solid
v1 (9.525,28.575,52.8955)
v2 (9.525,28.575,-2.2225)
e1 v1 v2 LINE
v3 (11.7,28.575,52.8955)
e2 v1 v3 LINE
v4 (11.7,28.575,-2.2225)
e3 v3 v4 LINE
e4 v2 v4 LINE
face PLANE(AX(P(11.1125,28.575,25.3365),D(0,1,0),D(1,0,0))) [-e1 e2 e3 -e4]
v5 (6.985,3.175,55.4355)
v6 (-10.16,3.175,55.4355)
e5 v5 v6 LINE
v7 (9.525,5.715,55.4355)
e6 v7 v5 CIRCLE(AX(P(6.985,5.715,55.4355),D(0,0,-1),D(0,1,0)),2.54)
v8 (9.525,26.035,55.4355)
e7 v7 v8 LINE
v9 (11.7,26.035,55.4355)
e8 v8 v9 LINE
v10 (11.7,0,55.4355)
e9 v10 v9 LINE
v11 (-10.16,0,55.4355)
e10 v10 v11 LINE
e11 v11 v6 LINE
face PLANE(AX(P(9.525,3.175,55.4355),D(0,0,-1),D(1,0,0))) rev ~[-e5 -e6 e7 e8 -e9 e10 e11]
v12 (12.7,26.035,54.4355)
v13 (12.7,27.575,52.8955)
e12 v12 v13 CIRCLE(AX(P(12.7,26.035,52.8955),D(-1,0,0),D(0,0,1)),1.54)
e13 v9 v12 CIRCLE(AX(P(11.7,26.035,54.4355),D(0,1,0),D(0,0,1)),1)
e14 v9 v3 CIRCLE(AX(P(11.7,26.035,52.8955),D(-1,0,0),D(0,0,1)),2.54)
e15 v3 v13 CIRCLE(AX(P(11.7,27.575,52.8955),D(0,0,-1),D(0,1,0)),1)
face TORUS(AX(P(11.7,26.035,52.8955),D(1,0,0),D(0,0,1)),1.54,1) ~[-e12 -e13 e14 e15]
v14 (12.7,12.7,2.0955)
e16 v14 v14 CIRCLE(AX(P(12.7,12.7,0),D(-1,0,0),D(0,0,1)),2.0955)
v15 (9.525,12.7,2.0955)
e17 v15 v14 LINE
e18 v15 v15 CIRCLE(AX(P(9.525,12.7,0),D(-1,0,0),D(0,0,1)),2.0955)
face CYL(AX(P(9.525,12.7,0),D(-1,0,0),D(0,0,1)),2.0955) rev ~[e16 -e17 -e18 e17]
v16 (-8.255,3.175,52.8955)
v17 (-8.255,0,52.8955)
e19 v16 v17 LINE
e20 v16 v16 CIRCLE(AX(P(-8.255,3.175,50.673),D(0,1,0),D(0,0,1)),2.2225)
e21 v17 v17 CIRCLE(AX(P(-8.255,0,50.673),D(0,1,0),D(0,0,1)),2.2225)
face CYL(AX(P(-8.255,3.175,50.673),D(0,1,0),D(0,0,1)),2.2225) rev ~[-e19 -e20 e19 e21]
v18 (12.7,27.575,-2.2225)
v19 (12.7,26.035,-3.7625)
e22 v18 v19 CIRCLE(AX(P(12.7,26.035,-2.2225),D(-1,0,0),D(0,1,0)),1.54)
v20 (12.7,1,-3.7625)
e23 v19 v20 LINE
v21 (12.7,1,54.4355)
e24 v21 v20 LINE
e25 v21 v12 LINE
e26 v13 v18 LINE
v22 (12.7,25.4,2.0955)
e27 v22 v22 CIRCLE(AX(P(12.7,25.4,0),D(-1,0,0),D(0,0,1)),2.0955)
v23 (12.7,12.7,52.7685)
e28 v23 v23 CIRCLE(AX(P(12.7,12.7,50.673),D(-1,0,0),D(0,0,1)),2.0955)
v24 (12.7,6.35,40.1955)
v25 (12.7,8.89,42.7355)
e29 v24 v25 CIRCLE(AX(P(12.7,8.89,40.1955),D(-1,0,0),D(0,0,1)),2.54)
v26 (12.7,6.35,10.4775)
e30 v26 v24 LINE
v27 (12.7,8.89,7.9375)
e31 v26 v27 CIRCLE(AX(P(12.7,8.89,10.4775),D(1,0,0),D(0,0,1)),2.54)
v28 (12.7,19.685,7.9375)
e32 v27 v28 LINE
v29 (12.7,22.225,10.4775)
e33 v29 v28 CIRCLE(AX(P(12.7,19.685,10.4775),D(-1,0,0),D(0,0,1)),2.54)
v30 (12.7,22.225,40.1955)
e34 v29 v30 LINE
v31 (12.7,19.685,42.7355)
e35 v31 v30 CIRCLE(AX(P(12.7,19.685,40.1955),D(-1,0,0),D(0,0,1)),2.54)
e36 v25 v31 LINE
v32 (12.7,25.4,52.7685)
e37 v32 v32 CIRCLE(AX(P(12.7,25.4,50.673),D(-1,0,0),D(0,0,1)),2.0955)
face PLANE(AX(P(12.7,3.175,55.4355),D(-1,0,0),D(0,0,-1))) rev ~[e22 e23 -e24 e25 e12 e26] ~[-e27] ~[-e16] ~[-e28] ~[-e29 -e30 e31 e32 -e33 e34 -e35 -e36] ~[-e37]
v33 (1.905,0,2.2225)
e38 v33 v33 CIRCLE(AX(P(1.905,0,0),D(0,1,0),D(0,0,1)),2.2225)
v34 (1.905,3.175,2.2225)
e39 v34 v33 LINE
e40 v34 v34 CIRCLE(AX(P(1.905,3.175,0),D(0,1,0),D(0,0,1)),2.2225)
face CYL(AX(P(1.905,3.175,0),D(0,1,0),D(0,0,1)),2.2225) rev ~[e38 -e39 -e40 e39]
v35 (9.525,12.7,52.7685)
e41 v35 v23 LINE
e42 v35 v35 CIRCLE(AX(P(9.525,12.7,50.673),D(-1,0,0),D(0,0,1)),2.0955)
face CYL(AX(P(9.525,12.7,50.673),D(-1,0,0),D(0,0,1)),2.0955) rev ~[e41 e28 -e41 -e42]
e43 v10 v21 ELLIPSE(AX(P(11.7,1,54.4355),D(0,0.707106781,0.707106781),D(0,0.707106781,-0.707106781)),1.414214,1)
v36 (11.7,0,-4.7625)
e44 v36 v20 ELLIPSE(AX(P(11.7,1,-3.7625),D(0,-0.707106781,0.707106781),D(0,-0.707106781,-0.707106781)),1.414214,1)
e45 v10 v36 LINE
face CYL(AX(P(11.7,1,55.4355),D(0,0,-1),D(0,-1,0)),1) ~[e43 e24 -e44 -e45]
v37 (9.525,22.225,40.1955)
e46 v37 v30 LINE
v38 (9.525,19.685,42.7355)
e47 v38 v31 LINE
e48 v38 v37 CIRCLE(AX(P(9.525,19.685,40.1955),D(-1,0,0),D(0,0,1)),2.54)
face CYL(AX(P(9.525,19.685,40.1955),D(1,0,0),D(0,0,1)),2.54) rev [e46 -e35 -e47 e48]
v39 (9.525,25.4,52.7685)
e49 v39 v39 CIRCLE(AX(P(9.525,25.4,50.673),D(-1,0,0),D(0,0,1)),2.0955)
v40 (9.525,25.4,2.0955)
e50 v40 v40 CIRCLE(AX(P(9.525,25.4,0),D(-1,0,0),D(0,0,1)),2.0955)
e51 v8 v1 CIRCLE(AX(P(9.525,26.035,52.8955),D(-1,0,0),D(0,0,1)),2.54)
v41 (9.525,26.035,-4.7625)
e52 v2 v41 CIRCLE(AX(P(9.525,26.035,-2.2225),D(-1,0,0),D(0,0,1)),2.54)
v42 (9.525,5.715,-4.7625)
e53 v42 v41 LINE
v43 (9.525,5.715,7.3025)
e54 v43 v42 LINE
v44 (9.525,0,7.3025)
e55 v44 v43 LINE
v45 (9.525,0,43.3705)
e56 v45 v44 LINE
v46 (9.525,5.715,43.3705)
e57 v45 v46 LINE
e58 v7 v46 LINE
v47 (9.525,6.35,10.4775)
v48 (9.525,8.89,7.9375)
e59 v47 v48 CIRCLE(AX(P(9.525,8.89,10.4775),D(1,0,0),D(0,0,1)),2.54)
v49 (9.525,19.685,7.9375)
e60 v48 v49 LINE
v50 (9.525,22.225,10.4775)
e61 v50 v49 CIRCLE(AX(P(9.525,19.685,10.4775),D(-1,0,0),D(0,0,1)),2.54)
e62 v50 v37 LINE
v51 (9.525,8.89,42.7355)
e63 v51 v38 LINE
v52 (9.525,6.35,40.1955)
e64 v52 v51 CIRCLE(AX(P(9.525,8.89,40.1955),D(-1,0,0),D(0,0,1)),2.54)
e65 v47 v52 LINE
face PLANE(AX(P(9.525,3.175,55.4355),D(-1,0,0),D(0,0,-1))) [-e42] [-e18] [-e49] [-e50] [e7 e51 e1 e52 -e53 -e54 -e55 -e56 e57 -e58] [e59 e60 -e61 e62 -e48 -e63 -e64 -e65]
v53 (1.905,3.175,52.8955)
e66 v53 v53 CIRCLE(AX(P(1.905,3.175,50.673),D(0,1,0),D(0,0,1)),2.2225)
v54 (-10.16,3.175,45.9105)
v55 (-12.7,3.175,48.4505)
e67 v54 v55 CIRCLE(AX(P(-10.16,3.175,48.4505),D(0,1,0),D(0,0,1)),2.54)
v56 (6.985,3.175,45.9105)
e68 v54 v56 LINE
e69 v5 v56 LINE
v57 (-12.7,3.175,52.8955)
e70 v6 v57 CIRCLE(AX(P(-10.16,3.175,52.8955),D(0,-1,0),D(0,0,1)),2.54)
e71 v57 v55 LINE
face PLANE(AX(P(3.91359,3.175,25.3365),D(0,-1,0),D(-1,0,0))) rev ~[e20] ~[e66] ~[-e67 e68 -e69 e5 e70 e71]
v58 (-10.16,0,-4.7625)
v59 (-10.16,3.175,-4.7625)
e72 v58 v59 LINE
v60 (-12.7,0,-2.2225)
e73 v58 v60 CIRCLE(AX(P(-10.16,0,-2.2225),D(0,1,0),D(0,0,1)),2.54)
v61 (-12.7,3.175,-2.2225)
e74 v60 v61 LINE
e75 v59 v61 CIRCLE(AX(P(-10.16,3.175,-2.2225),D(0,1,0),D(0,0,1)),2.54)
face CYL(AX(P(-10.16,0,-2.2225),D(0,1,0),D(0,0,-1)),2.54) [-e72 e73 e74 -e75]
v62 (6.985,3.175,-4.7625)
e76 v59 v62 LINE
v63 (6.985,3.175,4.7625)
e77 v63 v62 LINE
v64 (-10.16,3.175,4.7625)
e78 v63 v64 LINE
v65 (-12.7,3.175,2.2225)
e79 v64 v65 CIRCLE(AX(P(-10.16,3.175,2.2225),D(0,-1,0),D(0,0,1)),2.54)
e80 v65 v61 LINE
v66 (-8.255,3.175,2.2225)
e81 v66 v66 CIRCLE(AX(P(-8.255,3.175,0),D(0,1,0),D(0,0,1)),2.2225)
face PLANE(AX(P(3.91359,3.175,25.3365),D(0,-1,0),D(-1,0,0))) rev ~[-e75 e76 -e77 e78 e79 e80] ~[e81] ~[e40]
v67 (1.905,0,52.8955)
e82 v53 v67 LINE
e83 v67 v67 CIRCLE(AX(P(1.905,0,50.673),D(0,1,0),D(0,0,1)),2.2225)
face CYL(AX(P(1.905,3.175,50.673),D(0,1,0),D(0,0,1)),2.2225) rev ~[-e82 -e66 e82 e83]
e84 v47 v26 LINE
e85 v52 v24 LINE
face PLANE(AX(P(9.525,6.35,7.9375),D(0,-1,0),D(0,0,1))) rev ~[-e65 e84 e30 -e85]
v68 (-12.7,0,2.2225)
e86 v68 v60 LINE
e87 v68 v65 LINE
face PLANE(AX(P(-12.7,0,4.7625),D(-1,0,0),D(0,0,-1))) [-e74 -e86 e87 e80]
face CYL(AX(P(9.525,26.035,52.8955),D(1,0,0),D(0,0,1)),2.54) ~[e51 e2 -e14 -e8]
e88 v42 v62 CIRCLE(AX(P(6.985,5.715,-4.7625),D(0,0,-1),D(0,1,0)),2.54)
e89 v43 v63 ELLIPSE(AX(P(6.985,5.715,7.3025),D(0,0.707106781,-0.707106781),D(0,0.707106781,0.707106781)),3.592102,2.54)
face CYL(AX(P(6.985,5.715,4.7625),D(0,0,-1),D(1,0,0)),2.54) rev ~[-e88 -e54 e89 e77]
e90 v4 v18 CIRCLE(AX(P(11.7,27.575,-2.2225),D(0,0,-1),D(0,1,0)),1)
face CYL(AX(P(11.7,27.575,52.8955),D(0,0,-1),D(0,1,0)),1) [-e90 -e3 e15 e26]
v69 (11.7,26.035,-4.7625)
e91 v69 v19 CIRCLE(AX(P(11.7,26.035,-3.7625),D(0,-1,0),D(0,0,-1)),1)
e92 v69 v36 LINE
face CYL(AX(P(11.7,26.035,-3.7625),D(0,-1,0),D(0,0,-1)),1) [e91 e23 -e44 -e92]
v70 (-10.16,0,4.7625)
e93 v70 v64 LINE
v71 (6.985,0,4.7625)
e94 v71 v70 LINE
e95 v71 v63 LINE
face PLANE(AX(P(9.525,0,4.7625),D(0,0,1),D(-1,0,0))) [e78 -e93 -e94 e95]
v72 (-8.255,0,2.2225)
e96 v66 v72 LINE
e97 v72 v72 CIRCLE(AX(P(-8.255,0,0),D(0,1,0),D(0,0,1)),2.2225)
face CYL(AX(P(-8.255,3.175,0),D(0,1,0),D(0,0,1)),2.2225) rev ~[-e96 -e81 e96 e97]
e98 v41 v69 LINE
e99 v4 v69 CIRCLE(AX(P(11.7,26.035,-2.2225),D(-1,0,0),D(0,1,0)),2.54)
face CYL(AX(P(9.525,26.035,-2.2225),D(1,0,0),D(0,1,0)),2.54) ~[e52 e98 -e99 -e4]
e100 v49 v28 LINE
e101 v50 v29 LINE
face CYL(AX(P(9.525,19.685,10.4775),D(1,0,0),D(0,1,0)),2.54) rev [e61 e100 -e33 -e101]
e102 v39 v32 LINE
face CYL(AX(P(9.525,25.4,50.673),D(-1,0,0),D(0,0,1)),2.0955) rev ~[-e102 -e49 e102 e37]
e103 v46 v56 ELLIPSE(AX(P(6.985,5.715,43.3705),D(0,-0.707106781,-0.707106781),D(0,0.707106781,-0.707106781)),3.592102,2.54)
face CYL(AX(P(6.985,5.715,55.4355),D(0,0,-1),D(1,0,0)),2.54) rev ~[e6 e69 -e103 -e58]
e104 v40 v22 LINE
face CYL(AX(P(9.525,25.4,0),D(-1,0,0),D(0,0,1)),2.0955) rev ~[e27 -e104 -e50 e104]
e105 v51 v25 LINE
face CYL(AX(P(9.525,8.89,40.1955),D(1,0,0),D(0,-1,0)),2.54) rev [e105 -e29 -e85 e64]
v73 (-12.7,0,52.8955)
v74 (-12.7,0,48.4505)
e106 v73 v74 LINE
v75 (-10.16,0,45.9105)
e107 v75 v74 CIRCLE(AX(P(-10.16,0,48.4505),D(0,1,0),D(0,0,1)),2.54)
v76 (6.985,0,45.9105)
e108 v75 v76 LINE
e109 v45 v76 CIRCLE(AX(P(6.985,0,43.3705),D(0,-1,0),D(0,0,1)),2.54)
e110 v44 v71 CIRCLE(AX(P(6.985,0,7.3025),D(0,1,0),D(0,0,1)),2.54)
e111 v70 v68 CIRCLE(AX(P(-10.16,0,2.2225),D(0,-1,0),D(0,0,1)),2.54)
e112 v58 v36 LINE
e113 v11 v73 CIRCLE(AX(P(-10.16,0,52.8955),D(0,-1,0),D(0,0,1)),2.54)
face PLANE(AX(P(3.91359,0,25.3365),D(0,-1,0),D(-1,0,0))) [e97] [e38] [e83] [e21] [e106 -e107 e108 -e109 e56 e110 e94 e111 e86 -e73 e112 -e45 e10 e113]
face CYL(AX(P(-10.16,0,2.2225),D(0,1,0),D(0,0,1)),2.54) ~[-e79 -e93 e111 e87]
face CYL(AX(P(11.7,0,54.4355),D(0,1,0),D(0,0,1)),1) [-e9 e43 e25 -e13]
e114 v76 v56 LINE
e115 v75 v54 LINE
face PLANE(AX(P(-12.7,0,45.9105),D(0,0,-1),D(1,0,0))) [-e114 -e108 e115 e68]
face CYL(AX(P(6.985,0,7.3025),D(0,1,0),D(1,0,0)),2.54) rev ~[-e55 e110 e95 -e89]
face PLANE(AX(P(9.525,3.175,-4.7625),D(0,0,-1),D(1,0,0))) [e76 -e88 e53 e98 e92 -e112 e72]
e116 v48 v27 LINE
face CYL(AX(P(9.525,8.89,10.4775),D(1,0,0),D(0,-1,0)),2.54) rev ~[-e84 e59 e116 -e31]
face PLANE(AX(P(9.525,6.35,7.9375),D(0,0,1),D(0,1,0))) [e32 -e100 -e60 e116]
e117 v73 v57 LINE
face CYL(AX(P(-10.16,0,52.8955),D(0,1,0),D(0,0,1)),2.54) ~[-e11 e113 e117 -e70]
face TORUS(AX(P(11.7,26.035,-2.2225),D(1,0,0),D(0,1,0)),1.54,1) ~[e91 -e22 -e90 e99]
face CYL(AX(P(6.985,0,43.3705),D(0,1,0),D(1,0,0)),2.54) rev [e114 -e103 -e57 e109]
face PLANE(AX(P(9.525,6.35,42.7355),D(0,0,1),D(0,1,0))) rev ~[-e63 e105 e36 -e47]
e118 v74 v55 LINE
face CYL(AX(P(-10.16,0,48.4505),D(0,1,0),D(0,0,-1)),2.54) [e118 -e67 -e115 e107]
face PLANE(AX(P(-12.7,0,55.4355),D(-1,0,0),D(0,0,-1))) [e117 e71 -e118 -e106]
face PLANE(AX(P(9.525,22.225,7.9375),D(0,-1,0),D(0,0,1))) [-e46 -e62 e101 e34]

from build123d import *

# Parameters (mm, degrees)
BOSS_EXTRUDE1_DEPTH = 3.175
SKETCH2_R           = 2.2225
CUT_EXTRUDE1_DEPTH  = 57.960207911
SKETCH5_W           = 3.175
SKETCH5_H           = 60.198
BOSS_EXTRUDE3_DEPTH = 25.4
SKETCH6_R           = 2.0955
CUT_EXTRUDE3_DEPTH  = 67.208578827
SKETCH8_W           = 34.798
SKETCH8_H           = 15.875
CUT_EXTRUDE4_DEPTH  = 67.208578827
FILLET1_R           = 2.54
FILLET2_R           = 1


with BuildPart() as part:
    # Sketch1 → Boss-Extrude1 (new body)
    with BuildSketch(Plane(origin=(0, 0, 0), x_dir=(1, 0, 0), z_dir=(0, 1, 0))):
        Polygon((-12.7, -4.7625), (-12.7, 4.7625), (12.7, 4.7625), (12.7, -4.7625), (12.7, -45.9105), (12.7, -55.4355), (-12.7, -55.4355), (-12.7, -45.9105), (9.525, -45.9105), (9.525, -4.7625), align=None)
    extrude(amount=BOSS_EXTRUDE1_DEPTH)

    # Sketch2 → Cut-Extrude1 (cut, through all)
    with BuildSketch(Plane(origin=(0, 3.175, 0), x_dir=(1, 0, 0), z_dir=(0, 1, 0))):
        with Locations(Location((-8.255, 0, 0), (0, 0, 270))):
            Circle(SKETCH2_R)
        with Locations(Location((1.905, 0, 0), (0, 0, 270))):
            Circle(SKETCH2_R)
        with Locations(Location((-8.255, -50.673, 0), (0, 0, 270))):
            Circle(SKETCH2_R)
        with Locations(Location((1.905, -50.673, 0), (0, 0, 270))):
            Circle(SKETCH2_R)
    extrude(amount=-CUT_EXTRUDE1_DEPTH, mode=Mode.SUBTRACT)

    # Sketch5 → Boss-Extrude3 (add)
    with BuildSketch(Plane(origin=(0, 3.175, 0), x_dir=(1, 0, 0), z_dir=(0, 1, 0))):
        with Locations((11.1125, -25.3365)):
            Rectangle(SKETCH5_W, SKETCH5_H)
    extrude(amount=BOSS_EXTRUDE3_DEPTH)

    # Sketch6 → Cut-Extrude3 (cut, through all)
    with BuildSketch(Plane.ZY.offset(-9.525)):
        with Locations((0, 25.4)):
            Circle(SKETCH6_R)
        with Locations((0, 12.7)):
            Circle(SKETCH6_R)
        with Locations((50.673, 25.4)):
            Circle(SKETCH6_R)
        with Locations((50.673, 12.7)):
            Circle(SKETCH6_R)
    extrude(amount=-CUT_EXTRUDE3_DEPTH, mode=Mode.SUBTRACT)

    # Sketch8 → Cut-Extrude4 (cut, through all)
    with BuildSketch(Plane.ZY.offset(-9.525)):
        with Locations((25.3365, 14.2875)):
            Rectangle(SKETCH8_W, SKETCH8_H)
    extrude(amount=-CUT_EXTRUDE4_DEPTH, mode=Mode.SUBTRACT)

    # Fillet1
    fillet1_edges = [part.edges().sort_by_distance(p)[0] for p in [
        (-12.7, 1.5875, 4.7625),
        (-12.7, 1.5875, -4.7625),
        (11.1125, 28.575, -4.7625),
        (11.1125, 28.575, 55.4355),
        (-12.7, 1.5875, 55.4355),
        (-12.7, 1.5875, 45.9105),
        (9.525, 1.5875, 45.9105),
        (9.525, 1.5875, 4.7625),
        (9.525, 3.175, 0),
        (9.525, 3.175, 50.673),
        (11.1125, 6.35, 42.7355),
        (11.1125, 22.225, 42.7355),
        (11.1125, 22.225, 7.9375),
        (11.1125, 6.35, 7.9375),
    ]]
    fillet(fillet1_edges, radius=FILLET1_R)

    # Fillet2
    fillet2_edges = [part.edges().sort_by_distance(p)[0] for p in [
        (12.7, 13.0175, -4.7625),
        (12.7, 28.575, 25.3365),
        (12.7, 13.0175, 55.4355),
        (12.7, 27.831051224, 54.691551224),
        (12.7, 27.831051224, -4.018551224),
        (12.7, 0, 25.3365),
    ]]
    fillet(fillet2_edges, radius=FILLET2_R)


solid = part.part
